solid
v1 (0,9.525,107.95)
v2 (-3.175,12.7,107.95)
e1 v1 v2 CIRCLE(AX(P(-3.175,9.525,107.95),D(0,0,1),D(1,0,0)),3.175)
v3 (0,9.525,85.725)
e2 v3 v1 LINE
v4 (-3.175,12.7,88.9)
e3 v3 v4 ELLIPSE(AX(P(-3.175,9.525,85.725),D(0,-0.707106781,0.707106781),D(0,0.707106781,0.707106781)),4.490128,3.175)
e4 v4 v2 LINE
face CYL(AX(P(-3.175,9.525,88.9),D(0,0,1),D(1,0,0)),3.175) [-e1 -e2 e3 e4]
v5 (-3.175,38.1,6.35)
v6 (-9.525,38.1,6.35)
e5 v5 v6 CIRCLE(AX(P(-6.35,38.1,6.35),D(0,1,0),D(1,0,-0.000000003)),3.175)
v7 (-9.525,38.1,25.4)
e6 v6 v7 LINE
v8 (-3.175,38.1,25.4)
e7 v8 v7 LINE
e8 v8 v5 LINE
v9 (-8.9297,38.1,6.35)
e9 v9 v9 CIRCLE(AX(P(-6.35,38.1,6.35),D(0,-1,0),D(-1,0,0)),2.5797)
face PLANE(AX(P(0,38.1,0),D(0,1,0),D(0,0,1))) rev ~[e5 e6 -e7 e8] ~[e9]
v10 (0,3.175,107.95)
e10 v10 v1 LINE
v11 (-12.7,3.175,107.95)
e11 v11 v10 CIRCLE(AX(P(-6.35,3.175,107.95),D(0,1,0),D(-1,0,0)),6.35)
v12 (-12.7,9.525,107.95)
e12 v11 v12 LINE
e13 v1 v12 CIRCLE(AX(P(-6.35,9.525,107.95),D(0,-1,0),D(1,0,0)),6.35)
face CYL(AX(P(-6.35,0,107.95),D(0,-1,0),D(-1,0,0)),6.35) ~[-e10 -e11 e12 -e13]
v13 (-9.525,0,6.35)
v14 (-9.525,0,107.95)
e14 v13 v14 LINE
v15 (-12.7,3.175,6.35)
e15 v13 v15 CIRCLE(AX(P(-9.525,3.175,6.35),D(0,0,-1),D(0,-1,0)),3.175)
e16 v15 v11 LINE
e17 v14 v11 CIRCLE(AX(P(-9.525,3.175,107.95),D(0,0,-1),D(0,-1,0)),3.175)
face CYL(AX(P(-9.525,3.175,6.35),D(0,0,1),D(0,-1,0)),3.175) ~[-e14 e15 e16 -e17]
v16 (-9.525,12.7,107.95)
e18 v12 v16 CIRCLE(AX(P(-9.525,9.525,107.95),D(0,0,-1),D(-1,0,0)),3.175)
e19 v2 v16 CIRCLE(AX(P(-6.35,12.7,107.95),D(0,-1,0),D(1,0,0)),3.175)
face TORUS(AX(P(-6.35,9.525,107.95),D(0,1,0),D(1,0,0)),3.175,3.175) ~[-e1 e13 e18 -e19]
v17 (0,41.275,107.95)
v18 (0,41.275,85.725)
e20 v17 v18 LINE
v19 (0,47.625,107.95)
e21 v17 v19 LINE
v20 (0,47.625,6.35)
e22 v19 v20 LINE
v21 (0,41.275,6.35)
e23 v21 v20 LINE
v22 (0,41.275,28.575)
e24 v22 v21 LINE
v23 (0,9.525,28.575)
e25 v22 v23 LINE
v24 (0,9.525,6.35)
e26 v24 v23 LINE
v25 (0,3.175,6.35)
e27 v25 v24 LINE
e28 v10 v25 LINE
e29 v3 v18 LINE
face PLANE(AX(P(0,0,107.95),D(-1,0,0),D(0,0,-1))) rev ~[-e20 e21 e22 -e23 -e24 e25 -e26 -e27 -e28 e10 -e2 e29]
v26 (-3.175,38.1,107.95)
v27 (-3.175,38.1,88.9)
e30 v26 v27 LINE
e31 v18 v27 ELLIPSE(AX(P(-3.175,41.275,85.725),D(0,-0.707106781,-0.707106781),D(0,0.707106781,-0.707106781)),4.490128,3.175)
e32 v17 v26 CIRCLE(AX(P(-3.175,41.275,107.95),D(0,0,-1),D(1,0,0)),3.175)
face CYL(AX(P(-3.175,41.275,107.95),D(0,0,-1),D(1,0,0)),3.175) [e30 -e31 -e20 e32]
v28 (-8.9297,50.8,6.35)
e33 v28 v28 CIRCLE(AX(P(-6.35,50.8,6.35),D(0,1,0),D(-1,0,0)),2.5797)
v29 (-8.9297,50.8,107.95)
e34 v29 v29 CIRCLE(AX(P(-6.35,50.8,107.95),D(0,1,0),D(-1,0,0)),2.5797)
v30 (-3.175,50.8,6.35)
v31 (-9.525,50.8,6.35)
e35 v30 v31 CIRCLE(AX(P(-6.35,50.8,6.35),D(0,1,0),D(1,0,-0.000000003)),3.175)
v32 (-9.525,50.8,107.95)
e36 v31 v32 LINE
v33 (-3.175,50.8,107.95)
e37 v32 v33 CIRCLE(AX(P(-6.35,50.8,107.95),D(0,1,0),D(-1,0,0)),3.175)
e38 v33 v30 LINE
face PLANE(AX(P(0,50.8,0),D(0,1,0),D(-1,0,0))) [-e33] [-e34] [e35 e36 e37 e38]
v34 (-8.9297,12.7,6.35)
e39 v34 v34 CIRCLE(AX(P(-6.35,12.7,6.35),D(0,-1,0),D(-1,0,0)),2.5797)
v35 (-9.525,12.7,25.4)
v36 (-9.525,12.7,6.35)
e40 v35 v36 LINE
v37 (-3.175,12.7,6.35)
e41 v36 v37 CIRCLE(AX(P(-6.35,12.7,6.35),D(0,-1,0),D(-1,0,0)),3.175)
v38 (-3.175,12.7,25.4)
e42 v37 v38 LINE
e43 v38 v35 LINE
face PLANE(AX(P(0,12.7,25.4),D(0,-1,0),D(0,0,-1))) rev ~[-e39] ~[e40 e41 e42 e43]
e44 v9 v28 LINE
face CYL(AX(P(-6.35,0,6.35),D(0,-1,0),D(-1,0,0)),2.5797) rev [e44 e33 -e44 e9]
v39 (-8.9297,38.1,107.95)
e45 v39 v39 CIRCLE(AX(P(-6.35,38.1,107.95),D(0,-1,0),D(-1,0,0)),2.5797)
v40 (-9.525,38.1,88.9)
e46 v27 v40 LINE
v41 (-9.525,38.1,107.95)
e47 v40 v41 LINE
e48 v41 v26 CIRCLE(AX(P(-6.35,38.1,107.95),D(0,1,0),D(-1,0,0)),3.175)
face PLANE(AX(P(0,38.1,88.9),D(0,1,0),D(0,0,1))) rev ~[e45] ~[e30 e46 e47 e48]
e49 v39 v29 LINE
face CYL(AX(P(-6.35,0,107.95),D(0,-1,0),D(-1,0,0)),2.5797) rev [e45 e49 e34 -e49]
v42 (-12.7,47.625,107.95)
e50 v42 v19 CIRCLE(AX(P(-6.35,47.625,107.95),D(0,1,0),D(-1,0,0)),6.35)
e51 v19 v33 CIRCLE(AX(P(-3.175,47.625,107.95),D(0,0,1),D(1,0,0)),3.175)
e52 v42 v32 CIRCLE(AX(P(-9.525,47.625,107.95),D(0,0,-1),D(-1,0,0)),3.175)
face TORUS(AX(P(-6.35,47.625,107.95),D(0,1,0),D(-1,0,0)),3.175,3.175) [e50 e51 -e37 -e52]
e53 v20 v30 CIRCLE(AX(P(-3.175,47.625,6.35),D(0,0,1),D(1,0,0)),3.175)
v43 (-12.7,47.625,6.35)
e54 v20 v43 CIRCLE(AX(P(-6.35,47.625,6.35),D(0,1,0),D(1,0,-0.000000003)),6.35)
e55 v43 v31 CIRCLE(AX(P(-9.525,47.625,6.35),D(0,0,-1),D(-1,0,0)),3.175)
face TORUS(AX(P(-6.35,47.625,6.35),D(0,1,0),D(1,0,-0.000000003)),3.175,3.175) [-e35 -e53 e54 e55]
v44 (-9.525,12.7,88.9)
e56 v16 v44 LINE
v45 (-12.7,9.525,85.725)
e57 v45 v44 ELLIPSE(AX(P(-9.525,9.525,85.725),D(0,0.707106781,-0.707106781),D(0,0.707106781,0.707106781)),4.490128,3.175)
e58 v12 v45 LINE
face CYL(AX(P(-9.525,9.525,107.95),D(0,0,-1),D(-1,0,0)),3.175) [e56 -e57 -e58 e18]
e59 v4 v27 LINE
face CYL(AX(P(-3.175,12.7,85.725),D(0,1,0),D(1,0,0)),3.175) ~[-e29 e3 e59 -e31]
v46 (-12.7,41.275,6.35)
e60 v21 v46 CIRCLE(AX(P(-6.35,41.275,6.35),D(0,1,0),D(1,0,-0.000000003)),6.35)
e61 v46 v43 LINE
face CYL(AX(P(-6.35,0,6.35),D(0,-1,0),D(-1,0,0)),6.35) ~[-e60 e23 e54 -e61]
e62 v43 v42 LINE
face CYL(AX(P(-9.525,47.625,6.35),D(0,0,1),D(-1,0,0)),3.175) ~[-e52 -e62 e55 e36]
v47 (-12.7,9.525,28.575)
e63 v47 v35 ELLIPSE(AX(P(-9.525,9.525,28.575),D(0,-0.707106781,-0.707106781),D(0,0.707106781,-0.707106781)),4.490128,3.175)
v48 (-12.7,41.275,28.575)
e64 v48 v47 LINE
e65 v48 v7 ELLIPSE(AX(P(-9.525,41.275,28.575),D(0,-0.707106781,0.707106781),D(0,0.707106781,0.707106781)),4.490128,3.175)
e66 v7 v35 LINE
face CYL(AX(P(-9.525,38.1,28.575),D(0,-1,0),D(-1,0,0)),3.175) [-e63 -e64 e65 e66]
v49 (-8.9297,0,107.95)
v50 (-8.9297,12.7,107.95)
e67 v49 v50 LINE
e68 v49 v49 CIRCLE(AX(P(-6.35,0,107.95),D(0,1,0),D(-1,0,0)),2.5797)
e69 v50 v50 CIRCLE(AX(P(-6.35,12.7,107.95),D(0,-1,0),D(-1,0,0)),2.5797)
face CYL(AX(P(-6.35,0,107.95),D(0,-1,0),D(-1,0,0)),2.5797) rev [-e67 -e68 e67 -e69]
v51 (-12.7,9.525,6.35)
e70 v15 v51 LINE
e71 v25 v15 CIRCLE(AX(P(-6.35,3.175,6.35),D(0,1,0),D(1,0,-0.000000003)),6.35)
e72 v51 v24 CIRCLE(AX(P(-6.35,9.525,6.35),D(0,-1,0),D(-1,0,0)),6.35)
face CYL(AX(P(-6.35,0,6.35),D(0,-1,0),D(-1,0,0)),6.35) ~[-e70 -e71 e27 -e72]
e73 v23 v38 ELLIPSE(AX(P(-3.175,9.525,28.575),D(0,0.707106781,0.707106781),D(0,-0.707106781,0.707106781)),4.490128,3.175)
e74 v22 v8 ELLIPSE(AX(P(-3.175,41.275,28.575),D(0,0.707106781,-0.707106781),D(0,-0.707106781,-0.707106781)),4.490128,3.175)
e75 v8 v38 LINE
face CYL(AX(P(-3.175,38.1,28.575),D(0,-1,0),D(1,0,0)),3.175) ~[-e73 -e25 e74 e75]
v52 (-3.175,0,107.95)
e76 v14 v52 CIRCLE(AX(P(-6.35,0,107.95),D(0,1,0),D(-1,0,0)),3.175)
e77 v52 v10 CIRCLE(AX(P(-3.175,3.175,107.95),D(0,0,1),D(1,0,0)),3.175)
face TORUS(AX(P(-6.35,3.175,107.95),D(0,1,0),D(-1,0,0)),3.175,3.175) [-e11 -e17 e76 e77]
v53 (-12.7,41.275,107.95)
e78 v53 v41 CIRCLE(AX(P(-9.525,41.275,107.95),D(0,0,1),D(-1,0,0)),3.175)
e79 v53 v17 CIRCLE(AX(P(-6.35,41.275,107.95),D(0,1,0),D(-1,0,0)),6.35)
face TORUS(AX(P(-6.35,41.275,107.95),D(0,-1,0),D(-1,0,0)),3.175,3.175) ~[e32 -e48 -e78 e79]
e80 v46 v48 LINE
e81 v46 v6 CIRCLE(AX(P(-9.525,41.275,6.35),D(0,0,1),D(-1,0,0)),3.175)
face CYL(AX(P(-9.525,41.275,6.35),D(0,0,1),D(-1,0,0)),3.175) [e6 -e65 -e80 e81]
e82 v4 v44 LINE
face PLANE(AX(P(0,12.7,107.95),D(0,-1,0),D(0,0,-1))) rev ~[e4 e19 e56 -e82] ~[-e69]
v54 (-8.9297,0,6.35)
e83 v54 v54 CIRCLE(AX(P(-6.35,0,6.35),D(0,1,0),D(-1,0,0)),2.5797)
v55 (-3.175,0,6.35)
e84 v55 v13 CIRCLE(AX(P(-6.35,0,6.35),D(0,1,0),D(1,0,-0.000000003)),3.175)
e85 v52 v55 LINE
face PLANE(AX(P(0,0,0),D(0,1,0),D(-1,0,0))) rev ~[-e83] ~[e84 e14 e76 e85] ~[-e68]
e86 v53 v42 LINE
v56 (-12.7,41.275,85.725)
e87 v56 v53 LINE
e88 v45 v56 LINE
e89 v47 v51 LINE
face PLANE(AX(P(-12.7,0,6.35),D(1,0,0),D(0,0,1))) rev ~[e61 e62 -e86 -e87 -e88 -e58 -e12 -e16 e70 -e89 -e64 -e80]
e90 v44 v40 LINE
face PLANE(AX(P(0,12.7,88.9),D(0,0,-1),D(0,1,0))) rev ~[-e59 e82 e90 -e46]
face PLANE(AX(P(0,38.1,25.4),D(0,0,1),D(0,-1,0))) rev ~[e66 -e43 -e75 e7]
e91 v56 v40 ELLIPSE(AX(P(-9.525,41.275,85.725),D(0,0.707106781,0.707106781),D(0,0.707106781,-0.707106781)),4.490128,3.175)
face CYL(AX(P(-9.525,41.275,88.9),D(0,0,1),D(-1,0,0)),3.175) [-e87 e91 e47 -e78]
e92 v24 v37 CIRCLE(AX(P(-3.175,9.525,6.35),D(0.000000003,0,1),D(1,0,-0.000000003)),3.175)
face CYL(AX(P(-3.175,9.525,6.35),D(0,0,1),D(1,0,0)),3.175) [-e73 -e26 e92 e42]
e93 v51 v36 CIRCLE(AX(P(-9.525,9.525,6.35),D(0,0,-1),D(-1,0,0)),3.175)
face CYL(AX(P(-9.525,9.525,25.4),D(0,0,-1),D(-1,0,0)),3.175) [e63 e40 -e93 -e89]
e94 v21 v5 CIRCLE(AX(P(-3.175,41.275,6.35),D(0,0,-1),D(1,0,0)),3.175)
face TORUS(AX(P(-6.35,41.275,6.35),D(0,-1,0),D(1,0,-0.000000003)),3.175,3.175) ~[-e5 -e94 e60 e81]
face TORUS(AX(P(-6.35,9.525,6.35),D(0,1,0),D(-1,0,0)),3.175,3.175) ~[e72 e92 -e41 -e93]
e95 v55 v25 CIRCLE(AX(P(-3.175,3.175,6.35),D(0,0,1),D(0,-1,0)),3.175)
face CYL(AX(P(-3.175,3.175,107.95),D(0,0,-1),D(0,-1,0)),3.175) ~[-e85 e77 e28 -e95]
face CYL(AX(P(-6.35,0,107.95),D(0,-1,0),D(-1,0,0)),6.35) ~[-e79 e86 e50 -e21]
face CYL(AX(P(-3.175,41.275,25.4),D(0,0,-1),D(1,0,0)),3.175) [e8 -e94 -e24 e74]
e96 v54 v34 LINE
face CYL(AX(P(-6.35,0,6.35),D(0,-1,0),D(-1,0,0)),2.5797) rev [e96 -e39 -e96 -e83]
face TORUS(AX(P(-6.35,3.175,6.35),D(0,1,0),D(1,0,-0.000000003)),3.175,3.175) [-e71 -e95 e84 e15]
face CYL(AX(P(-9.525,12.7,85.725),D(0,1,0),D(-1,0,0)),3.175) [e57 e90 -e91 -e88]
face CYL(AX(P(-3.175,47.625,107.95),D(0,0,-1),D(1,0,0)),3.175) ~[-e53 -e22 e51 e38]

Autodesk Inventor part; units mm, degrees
ref_plane "YZ Plane" through (0, 0, 0) normal (1, 0, 0) x (0, 1, 0)
ref_plane "XZ Plane" through (0, 0, 0) normal (0, 1, 0) x (-1, 0, 0)
ref_plane "XY Plane" through (0, 0, 0) normal (0, 0, 1) x (1, 0, 0)
sketch "Sketch1" plane through (0, 0, 0) normal (0, 1, 0) x (-1, 0, 0)
  line L0 (0, 0) -> (12.7, 0)
  line L1 (12.7, 0) -> (12.7, 114.3)
  line L2 (12.7, 114.3) -> (0, 114.3)
  line L3 (0, 114.3) -> (0, 0)
  circle A0 centre (6.35, 6.35) radius 2.5797
  circle A1 centre (6.35, 107.95) radius 2.5797
  circle A2 centre (6.35, 6.35) radius 6.35
  circle A3 centre (6.35, 107.95) radius 6.35
  point P0 (0, 107.95)
  point P1 (0, 6.35)
  point P2 (12.7, 6.35)
  point P3 (12.7, 107.95)
  dimension "d0" = 12.7
  dimension "d2" = 6.35
  dimension "d3" = 6.35
  dimension "d4" = 5.1594
  dimension "d5" = 6.35
  dimension "d6" = 5.1594
  dimension "d7" = 6.35
  dimension "d51" = 101.6
  dimension "d52" = 12.7
  dimension "d53" = 12.7
extrude "Extrusion1" add sketch "Sketch1" along normal blind 50.8 contours A2 | L3 A3 L1 A2 | A3
sketch "Sketch5" plane through (0, 0, 107.95) normal (1, 0, 0) x (0, 0, -1)
  line L0 (107.95, 50.8) -> (101.6, 50.8) projected
  line L1 (0, 0) -> (107.95, 0)
  line L2 (107.95, 0) -> (107.95, 50.8)
  line L3 (107.95, 50.8) -> (0, 50.8)
  line L4 (0, 50.8) -> (0, 0)
  line L5 (107.95, 0) -> (107.95, 50.8) projected
  line L6 (107.95, 38.1) -> (82.55, 38.1)
  line L7 (82.55, 38.1) -> (82.55, 12.7)
  line L8 (82.55, 12.7) -> (107.95, 12.7)
  line L9 (107.95, 12.7) -> (107.95, 38.1)
  line L10 (101.6, 50.8) -> (0, 50.8) projected
  line L11 (-6.35, 0) -> (-6.35, 50.8) projected
  line L12 (0, 50.8) -> (-6.35, 50.8)
  line L13 (-6.35, 50.8) -> (-6.35, 0)
  line L14 (-6.35, 0) -> (0, 0)
  line L15 (0, 0) -> (0, 50.8)
  line L16 (-6.35, 0) -> (-6.35, 50.8) projected
  line L17 (-6.35, 12.7) -> (19.05, 12.7)
  line L18 (19.05, 12.7) -> (19.05, 38.1)
  line L19 (19.05, 38.1) -> (-6.35, 38.1)
  line L20 (-6.35, 38.1) -> (-6.35, 12.7)
  point P0 (95.25, 38.1)
  point P1 (107.95, 38.1)
  dimension "d47" = 25.4
  dimension "d48" = 25.4
  dimension "d49" = 12.7
extrude "Extrusion5" cut sketch "Sketch5" against normal through all contours L2 L8 L7 L6 | L19 L18 L17 L4 | L4 L17 L11 L19
fillet "Fillet3" radius 3.175 24 edges at (-12.7, 38.1, 15.875) (0, 38.1, 15.875) (-6.35, 38.1, 0) (-6.35, 12.7, 0) (-12.7, 12.7, 15.875) (0, 12.7, 15.875) (0, 25.4, 25.4) (-12.7, 25.4, 25.4) (-12.7, 0, 57.15) (-6.35, 0, 114.3) (0, 0, 57.15) (-6.35, 0, 0) (-6.35, 50.8, 114.3) (0, 50.8, 57.15) (-6.35, 50.8, 0) (-12.7, 50.8, 57.15) (0, 25.4, 88.9) (-12.7, 25.4, 88.9) (-6.35, 12.7, 114.3) (-12.7, 12.7, 98.425) (0, 12.7, 98.425) (0, 38.1, 98.425) (-12.7, 38.1, 98.425) (-6.35, 38.1, 114.3)
properties part number "swing pusher"
